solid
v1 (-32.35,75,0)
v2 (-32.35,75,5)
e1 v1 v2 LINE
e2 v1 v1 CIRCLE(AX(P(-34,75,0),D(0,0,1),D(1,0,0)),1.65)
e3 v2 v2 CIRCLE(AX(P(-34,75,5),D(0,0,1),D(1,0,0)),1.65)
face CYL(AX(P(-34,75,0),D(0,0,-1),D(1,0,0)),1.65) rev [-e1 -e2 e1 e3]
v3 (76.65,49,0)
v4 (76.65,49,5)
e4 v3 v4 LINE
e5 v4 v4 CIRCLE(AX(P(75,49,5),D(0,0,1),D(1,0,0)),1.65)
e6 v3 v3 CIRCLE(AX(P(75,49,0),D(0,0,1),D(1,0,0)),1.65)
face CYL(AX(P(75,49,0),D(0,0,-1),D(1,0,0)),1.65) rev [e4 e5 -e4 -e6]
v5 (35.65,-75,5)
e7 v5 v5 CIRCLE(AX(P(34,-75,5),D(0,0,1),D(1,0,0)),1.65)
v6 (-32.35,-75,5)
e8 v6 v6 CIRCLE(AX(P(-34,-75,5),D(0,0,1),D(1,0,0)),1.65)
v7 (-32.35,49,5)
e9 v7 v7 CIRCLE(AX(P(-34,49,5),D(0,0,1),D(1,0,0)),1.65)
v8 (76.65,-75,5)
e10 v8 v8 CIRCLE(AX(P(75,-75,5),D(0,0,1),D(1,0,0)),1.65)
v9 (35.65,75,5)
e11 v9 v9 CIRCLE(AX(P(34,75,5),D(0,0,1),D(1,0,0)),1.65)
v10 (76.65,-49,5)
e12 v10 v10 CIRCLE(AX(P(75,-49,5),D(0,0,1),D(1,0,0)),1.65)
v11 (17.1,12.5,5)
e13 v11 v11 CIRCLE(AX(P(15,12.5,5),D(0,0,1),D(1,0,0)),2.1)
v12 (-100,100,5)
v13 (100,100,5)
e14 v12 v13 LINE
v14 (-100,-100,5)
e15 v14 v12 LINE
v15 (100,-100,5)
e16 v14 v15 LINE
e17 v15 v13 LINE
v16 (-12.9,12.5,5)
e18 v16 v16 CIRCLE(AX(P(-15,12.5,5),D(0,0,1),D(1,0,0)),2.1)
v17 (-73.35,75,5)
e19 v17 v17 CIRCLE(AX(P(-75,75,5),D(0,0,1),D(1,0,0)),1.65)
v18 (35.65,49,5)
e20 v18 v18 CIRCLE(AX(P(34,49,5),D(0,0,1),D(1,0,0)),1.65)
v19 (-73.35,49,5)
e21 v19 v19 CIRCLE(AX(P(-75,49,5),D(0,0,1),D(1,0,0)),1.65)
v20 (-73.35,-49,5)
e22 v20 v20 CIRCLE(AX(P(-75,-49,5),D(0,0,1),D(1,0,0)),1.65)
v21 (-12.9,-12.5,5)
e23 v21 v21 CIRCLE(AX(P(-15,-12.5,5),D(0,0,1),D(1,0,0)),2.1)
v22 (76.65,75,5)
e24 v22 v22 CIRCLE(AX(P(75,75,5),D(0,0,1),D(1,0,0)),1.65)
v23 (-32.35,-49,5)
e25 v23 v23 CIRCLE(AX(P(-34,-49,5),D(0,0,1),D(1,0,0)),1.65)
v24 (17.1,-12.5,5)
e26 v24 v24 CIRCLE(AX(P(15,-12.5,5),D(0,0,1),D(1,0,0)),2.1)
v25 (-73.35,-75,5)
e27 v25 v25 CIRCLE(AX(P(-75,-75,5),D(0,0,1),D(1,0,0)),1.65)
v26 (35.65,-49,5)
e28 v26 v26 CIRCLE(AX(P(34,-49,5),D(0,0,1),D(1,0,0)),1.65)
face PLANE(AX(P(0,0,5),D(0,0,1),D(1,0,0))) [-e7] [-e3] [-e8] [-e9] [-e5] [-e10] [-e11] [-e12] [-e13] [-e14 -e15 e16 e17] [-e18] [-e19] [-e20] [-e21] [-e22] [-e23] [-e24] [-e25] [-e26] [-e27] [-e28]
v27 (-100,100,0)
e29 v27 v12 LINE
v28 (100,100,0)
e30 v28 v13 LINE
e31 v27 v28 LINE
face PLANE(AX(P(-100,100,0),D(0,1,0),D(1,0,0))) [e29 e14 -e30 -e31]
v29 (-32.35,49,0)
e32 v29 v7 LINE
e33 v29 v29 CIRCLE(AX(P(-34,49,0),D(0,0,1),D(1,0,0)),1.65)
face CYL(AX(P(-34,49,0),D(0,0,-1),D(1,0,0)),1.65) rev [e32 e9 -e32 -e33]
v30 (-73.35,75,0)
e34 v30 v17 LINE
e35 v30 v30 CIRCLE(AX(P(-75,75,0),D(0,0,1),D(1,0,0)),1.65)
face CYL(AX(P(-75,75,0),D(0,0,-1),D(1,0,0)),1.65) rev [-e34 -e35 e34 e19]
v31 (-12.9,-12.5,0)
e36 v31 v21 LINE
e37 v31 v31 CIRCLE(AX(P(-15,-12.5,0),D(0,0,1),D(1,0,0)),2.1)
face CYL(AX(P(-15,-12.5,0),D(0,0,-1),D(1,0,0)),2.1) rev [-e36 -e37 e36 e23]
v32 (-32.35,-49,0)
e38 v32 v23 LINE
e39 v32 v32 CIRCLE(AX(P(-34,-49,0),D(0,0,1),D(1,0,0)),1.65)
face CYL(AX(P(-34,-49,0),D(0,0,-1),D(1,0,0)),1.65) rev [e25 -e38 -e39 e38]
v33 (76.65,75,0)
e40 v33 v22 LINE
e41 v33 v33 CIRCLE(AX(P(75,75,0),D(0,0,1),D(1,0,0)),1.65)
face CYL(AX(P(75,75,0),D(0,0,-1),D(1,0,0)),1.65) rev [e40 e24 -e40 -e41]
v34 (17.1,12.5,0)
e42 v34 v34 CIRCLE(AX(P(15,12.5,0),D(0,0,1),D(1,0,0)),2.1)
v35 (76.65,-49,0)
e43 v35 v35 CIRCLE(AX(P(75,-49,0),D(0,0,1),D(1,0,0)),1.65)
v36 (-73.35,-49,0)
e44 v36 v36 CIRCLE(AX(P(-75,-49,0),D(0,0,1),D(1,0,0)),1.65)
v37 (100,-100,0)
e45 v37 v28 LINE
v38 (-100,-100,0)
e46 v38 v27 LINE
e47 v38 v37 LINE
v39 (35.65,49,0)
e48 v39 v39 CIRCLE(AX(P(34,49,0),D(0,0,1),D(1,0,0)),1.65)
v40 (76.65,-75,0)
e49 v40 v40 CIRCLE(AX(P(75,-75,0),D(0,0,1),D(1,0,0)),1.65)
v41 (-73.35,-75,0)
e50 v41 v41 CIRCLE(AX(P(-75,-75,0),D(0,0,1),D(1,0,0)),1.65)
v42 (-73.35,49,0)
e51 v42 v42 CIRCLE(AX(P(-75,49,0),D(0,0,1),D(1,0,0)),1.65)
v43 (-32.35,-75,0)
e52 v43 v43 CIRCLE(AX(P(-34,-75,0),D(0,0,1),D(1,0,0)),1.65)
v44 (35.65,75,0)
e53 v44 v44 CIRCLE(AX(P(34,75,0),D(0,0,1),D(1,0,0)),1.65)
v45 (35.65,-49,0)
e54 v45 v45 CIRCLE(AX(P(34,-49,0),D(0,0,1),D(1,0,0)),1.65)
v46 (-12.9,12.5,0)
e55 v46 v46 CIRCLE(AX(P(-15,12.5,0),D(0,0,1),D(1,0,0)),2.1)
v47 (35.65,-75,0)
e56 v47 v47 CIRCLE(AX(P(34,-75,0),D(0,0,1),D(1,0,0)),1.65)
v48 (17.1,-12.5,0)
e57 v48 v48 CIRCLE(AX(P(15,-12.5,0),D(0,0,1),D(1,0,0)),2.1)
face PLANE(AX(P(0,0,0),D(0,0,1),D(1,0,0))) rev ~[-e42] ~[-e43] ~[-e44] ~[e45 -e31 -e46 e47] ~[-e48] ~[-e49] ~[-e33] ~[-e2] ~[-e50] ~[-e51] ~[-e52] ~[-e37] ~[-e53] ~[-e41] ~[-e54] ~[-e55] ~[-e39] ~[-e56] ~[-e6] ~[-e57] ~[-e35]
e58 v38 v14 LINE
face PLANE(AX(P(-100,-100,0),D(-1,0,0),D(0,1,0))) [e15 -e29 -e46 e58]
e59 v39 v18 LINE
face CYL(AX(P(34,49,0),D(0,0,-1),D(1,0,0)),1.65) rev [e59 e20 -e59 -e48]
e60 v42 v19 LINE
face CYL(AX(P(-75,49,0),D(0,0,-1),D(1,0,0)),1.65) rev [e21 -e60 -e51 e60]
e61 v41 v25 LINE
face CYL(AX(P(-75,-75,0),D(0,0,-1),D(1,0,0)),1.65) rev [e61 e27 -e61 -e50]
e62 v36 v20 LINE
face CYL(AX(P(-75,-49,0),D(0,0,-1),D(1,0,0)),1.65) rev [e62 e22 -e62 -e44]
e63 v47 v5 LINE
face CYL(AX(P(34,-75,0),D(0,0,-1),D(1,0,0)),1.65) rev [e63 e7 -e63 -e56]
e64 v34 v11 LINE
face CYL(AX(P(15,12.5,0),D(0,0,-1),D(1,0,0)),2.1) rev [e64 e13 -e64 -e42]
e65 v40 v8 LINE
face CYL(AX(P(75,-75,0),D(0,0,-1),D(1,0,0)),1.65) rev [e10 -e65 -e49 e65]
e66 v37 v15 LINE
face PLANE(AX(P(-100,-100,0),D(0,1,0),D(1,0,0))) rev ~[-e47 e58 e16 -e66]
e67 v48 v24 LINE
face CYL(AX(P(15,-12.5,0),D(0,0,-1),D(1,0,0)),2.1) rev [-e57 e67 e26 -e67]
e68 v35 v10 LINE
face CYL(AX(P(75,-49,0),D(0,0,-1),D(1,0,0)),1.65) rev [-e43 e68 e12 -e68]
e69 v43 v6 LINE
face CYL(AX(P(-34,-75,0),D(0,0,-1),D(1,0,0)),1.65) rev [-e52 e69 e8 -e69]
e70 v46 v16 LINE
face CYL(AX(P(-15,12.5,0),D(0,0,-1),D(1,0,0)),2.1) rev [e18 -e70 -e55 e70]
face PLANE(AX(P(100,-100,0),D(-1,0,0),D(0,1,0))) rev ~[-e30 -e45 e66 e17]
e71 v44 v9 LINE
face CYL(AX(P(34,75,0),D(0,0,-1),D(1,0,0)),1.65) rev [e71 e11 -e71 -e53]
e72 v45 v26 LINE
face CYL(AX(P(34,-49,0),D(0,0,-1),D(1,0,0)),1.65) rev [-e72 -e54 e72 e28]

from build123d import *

# Parameters (mm, degrees)
F0_W     = 200
F0_H     = 200
F0_R     = 1.65
F0_R_2   = 2.1
F1_DEPTH = 5


with BuildPart() as f1:
    # F0 (on Top) → F1 (new body)
    with BuildSketch(Plane.XY):
        Rectangle(F0_W, F0_H)
        with Locations((-75, -75)):
            Circle(F0_R, mode=Mode.SUBTRACT)
        with Locations((-34, -75)):
            Circle(F0_R, mode=Mode.SUBTRACT)
        with Locations((-75, -49)):
            Circle(F0_R, mode=Mode.SUBTRACT)
        with Locations((-34, -49)):
            Circle(F0_R, mode=Mode.SUBTRACT)
        with Locations((-15, -12.5)):
            Circle(F0_R_2, mode=Mode.SUBTRACT)
        with Locations((34, -75)):
            Circle(F0_R, mode=Mode.SUBTRACT)
        with Locations((75, -75)):
            Circle(F0_R, mode=Mode.SUBTRACT)
        with Locations((34, -49)):
            Circle(F0_R, mode=Mode.SUBTRACT)
        with Locations((15, -12.5)):
            Circle(F0_R_2, mode=Mode.SUBTRACT)
        with Locations((75, -49)):
            Circle(F0_R, mode=Mode.SUBTRACT)
        with Locations((-75, 49)):
            Circle(F0_R, mode=Mode.SUBTRACT)
        with Locations((-15, 12.5)):
            Circle(F0_R_2, mode=Mode.SUBTRACT)
        with Locations((-34, 49)):
            Circle(F0_R, mode=Mode.SUBTRACT)
        with Locations((-75, 75)):
            Circle(F0_R, mode=Mode.SUBTRACT)
        with Locations((-34, 75)):
            Circle(F0_R, mode=Mode.SUBTRACT)
        with Locations((15, 12.5)):
            Circle(F0_R_2, mode=Mode.SUBTRACT)
        with Locations((34, 49)):
            Circle(F0_R, mode=Mode.SUBTRACT)
        with Locations((75, 49)):
            Circle(F0_R, mode=Mode.SUBTRACT)
        with Locations((34, 75)):
            Circle(F0_R, mode=Mode.SUBTRACT)
        with Locations((75, 75)):
            Circle(F0_R, mode=Mode.SUBTRACT)
    extrude(amount=F1_DEPTH)


solid = f1.part
